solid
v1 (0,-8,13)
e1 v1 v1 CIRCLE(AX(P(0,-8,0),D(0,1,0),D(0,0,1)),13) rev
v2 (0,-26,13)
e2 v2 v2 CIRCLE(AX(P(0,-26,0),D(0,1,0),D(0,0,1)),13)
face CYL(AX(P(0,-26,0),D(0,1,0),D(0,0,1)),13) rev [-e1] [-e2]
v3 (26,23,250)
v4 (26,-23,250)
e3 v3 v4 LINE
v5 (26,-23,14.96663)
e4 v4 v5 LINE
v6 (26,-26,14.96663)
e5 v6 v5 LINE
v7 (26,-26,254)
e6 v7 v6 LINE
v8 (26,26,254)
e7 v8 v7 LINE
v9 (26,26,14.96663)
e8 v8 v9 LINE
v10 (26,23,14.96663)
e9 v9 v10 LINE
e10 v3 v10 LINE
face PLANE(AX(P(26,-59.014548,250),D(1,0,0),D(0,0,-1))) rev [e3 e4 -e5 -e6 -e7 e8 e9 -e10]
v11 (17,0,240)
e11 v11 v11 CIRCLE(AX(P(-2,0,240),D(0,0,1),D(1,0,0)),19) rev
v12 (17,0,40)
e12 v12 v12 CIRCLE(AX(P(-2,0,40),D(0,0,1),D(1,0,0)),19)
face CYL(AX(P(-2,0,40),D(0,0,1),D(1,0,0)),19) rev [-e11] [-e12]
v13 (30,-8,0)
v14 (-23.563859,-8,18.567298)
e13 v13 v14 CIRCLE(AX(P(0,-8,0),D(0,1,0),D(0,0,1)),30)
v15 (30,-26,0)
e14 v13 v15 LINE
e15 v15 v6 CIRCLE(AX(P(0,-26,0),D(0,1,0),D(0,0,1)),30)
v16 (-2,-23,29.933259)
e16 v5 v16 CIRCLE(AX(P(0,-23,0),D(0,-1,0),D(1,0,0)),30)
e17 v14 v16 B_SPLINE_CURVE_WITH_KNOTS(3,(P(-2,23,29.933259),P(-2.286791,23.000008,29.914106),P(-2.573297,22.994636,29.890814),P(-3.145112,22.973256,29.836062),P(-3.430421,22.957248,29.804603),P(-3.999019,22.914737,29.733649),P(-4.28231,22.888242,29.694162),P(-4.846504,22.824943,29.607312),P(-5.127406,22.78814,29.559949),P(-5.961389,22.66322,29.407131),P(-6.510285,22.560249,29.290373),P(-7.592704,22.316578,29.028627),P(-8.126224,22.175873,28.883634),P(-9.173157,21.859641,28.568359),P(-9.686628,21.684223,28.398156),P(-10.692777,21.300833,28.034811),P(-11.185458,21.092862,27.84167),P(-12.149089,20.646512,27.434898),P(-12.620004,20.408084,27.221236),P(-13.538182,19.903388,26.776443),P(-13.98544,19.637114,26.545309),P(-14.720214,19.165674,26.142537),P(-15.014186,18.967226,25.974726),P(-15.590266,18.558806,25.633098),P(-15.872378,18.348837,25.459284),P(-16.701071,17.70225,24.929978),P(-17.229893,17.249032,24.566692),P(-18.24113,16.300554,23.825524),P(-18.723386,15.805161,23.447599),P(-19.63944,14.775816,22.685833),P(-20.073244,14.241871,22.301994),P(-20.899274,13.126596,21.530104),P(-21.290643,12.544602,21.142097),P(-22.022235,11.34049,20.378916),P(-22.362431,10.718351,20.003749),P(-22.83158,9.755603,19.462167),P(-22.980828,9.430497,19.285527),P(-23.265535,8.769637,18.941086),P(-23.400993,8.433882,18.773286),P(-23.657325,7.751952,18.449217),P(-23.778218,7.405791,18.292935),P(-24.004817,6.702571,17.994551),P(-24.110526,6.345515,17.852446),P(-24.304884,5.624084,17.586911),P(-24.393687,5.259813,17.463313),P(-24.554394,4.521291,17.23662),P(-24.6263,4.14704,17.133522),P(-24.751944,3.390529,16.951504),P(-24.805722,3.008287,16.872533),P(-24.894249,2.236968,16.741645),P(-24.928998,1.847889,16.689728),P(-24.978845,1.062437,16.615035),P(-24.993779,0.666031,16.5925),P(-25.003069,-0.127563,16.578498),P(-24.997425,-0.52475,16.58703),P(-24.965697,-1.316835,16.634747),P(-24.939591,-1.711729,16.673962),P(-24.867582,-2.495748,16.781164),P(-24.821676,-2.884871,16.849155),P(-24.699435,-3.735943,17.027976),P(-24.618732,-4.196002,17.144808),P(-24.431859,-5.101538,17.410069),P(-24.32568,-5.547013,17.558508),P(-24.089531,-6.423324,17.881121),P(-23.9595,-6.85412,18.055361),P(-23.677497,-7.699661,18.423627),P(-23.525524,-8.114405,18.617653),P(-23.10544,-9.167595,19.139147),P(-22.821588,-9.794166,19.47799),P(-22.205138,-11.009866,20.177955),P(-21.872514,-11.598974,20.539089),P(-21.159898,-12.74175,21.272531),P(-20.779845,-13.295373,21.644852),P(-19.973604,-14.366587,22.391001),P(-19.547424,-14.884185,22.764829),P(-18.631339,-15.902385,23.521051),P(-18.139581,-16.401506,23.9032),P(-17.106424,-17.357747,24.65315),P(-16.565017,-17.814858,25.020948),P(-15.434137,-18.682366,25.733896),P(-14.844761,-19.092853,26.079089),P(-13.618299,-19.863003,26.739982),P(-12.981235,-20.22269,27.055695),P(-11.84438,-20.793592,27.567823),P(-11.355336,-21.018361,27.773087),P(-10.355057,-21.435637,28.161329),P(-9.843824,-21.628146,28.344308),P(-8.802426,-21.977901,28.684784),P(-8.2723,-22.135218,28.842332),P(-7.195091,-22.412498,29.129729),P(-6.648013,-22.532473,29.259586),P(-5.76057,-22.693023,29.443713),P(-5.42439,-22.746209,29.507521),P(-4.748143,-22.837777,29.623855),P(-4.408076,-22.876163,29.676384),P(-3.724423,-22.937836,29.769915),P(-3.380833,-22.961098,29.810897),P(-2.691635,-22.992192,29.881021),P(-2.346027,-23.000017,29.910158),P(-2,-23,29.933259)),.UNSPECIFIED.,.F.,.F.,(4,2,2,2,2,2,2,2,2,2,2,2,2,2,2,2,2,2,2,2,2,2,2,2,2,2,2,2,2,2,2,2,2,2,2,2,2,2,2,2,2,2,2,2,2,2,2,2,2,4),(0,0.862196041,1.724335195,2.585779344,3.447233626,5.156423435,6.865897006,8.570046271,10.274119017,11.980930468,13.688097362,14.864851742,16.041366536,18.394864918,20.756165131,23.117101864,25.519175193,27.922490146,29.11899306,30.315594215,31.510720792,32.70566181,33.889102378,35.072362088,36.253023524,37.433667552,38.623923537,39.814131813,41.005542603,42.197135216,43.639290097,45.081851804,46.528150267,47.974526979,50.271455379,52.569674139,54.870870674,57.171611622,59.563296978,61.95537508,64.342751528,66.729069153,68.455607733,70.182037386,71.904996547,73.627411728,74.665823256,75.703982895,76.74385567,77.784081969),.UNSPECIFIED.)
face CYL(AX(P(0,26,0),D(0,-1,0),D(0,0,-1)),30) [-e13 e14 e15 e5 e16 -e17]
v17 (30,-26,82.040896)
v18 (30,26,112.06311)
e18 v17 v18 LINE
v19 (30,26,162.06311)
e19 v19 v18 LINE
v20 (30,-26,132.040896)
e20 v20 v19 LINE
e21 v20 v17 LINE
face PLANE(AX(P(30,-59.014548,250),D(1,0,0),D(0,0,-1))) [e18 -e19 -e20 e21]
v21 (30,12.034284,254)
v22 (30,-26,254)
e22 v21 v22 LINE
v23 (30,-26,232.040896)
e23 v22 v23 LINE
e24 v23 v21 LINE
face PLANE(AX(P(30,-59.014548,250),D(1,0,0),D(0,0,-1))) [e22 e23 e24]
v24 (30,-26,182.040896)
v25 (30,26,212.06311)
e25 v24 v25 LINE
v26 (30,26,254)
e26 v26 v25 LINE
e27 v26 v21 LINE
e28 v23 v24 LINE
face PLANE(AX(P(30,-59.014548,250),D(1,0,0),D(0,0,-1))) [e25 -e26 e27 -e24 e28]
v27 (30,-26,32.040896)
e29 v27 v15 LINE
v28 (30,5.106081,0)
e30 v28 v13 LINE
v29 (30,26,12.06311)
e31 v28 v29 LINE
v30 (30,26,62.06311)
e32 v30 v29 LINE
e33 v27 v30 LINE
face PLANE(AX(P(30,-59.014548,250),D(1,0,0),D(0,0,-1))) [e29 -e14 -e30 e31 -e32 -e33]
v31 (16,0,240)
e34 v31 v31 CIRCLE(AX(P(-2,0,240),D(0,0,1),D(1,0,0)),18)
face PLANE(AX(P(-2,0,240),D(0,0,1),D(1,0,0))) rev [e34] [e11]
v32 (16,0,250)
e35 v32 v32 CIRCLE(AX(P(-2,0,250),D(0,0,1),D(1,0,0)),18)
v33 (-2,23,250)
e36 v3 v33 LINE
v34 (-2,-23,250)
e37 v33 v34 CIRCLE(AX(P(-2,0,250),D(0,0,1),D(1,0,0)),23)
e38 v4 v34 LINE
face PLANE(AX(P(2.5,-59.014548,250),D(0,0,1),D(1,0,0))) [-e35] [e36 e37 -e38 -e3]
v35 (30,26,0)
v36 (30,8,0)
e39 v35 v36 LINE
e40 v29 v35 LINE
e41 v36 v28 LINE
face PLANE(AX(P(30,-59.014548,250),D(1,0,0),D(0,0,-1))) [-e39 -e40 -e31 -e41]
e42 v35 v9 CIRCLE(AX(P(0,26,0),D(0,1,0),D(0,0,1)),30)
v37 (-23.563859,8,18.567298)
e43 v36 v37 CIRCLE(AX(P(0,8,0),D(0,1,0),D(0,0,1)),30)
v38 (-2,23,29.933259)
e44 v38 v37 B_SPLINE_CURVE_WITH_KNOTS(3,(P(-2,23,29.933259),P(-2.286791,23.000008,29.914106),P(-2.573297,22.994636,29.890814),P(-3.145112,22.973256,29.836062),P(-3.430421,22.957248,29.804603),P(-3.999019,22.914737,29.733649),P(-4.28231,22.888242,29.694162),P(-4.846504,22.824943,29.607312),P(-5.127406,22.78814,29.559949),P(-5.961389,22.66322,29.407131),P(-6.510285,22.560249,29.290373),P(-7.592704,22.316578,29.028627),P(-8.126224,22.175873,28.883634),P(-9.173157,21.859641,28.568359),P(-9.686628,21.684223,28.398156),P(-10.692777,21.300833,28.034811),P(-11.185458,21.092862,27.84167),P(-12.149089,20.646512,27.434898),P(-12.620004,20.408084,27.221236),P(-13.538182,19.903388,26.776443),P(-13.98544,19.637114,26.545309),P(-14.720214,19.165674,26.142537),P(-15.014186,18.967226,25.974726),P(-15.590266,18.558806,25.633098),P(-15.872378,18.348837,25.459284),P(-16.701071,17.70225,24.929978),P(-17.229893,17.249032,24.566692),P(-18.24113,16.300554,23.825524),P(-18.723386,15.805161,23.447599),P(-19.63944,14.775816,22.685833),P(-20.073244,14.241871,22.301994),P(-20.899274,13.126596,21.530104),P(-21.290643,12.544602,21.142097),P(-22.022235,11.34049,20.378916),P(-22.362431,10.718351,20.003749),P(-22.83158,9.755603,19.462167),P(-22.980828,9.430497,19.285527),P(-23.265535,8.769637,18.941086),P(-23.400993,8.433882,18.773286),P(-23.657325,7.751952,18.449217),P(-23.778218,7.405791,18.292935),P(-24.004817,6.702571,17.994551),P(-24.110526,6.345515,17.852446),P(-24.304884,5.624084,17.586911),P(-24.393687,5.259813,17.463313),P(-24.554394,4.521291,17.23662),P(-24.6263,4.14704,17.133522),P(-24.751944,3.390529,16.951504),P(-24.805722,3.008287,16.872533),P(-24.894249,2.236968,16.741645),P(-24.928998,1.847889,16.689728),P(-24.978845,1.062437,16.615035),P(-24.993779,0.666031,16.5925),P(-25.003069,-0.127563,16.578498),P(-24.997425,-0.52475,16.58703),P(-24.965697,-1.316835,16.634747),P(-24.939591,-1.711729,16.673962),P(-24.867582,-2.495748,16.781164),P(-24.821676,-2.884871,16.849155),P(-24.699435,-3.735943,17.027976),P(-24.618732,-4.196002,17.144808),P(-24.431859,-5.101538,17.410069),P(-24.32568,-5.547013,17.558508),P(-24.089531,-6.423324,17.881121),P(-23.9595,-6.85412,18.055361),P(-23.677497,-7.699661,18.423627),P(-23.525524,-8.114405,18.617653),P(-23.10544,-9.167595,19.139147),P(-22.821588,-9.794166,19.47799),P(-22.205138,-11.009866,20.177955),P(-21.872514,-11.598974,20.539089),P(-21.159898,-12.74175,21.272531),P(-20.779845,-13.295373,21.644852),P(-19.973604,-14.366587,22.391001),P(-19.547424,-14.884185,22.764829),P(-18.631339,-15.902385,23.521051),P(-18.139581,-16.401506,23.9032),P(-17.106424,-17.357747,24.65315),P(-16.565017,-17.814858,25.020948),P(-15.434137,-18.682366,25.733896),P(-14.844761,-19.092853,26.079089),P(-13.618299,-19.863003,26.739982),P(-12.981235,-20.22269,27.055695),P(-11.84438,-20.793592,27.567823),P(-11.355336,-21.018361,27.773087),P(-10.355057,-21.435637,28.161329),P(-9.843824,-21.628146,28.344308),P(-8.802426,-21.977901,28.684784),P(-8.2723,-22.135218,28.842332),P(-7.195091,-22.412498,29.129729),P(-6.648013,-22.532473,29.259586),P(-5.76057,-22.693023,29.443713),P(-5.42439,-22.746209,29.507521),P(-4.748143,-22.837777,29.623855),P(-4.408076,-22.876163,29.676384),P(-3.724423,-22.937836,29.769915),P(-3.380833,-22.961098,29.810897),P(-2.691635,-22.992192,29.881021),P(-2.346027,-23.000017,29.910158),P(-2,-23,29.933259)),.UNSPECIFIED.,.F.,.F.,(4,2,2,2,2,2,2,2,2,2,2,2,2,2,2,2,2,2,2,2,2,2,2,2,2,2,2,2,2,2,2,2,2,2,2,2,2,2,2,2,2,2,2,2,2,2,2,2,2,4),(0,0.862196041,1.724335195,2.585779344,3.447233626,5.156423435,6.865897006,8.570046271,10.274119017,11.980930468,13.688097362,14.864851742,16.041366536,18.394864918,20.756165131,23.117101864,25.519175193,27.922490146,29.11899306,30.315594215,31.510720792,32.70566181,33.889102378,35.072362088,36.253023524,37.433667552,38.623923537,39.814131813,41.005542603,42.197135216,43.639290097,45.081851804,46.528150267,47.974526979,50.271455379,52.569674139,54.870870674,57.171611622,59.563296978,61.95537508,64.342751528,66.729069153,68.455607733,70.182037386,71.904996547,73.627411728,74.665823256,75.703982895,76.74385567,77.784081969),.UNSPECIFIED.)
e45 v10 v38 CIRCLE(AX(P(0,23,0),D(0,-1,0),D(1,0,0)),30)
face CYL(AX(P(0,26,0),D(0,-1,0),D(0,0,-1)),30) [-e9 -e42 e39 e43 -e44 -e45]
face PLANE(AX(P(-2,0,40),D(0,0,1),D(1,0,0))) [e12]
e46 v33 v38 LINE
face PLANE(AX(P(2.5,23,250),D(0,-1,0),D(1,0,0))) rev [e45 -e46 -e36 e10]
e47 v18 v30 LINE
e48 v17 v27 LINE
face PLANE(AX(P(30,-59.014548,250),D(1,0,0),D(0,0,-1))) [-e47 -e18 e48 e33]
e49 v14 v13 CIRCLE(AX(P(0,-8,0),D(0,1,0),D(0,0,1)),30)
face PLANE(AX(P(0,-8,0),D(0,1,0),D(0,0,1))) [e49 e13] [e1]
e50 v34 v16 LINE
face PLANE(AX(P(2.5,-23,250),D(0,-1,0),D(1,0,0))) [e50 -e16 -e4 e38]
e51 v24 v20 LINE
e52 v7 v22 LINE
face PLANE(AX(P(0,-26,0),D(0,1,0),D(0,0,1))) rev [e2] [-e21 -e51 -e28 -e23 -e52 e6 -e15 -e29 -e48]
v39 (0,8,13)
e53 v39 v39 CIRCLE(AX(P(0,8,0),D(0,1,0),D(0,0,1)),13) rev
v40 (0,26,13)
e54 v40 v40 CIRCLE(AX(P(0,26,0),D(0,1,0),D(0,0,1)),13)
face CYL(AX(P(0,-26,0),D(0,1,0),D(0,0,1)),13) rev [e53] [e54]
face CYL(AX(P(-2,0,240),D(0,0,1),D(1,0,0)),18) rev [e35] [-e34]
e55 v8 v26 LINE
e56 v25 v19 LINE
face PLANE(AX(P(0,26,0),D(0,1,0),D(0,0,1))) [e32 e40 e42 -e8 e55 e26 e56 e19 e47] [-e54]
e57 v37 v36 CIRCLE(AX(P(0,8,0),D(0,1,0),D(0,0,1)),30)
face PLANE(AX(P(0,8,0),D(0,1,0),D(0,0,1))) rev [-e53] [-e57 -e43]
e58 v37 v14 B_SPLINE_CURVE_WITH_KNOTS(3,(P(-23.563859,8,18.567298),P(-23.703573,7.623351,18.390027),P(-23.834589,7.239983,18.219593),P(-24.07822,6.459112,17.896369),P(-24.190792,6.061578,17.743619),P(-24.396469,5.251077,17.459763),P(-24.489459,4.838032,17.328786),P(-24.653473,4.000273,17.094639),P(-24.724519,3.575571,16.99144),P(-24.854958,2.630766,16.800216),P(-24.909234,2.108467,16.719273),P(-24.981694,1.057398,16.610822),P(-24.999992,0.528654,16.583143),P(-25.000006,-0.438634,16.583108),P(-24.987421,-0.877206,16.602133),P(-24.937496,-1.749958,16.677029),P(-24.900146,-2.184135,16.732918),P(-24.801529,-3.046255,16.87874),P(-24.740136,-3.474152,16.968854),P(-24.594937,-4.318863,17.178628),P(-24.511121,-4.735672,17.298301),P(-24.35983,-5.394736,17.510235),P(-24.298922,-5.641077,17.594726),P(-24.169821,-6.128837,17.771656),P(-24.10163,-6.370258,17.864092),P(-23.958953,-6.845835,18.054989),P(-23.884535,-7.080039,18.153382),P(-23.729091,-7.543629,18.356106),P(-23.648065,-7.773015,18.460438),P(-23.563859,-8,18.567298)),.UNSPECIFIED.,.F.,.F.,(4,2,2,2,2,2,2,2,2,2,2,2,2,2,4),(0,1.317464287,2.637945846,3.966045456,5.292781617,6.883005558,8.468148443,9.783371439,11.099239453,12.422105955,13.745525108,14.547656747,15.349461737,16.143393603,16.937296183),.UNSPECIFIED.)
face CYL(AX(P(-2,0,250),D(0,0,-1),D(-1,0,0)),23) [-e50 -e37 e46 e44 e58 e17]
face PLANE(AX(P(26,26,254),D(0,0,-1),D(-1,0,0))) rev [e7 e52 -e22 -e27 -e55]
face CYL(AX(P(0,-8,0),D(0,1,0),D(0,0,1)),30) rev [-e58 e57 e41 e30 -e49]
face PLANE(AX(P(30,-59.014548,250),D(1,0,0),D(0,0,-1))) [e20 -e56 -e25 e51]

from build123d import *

# Parameters (mm, degrees)
SKETCH1_R           = 30
BOSS_EXTRUDE1_DEPTH = 26
BOSS_EXTRUDE2_DEPTH = 250
SKETCH4_R           = 13
CUT_EXTRUDE2_DEPTH  = 26
SKETCH1_2_R         = 30
CUT_EXTRUDE3_DEPTH  = 8
CUT_EXTRUDE4_START  = 8
SKETCH1_3_R         = 30
CUT_EXTRUDE4_DEPTH  = 8
SKETCH5_R           = 19
CUT_EXTRUDE5_DEPTH  = 210
SKETCH7_W           = 4
SKETCH7_H           = 4
BOSS_EXTRUDE4_DEPTH = 26
SKETCH9_R           = 19
SKETCH9_R_2         = 18
BOSS_EXTRUDE5_DEPTH = 10


with BuildPart() as part:
    # Sketch1 → Boss-Extrude1 (new, symmetric)
    with BuildSketch(Plane(origin=(0, 0, 0), x_dir=(1, 0, 0), z_dir=(0, 1, 0))):
        Circle(SKETCH1_R)
    extrude(amount=BOSS_EXTRUDE1_DEPTH, both=True)

    # Sketch3 → Boss-Extrude2 (add)
    with BuildSketch(Plane.XY):
        with BuildLine():
            Line((26, 26), (26, 23))
            Line((26, 23), (-2, 23))
            ThreePointArc((-2, 23), (-25, 0), (-2, -23))
            Line((-2, -23), (26, -23))
            Line((26, -23), (26, -26))
            Line((26, -26), (30, -26))
            Line((30, -26), (30, 26))
            Line((30, 26), (26, 26))
        make_face()
    extrude(amount=BOSS_EXTRUDE2_DEPTH)

    # Sketch4 → Cut-Extrude2 (cut, symmetric)
    with BuildSketch(Plane(origin=(0, 0, 0), x_dir=(1, 0, 0), z_dir=(0, 1, 0))):
        Circle(SKETCH4_R)
    extrude(amount=CUT_EXTRUDE2_DEPTH, both=True, mode=Mode.SUBTRACT)

    # Sketch1<2> → Cut-Extrude3 (cut)
    with BuildSketch(Plane(origin=(0, 0, 0), x_dir=(1, 0, 0), z_dir=(0, 1, 0))):
        Circle(SKETCH1_2_R)
    extrude(amount=-CUT_EXTRUDE3_DEPTH, mode=Mode.SUBTRACT)

    # Sketch1<3> → Cut-Extrude4 (cut)
    with BuildSketch(Plane(origin=(0, 0, 0), x_dir=(1, 0, 0), z_dir=(0, 1, 0)).offset(CUT_EXTRUDE4_START)):
        Circle(SKETCH1_3_R)
    extrude(amount=-CUT_EXTRUDE4_DEPTH, mode=Mode.SUBTRACT)

    # Sketch5 → Cut-Extrude5 (cut)
    with BuildSketch(Plane.XY.offset(250)):
        with Locations((-2, 0)):
            Circle(SKETCH5_R)
    extrude(amount=-CUT_EXTRUDE5_DEPTH, mode=Mode.SUBTRACT)

    # Sketch7 → Boss-Extrude4 (add, symmetric)
    with BuildSketch(Plane(origin=(0, 0, 0), x_dir=(1, 0, 0), z_dir=(0, 1, 0))):
        with Locations((28, -252)):
            Rectangle(SKETCH7_W, SKETCH7_H)
    extrude(amount=BOSS_EXTRUDE4_DEPTH, both=True)

    # Sketch9 → Boss-Extrude5 (add)
    with BuildSketch(Plane.XY.offset(250)):
        with Locations((-2, 0)):
            Circle(SKETCH9_R)
        with Locations((-2, 0)):
            Circle(SKETCH9_R_2, mode=Mode.SUBTRACT)
    extrude(amount=-BOSS_EXTRUDE5_DEPTH)


solid = part.part
